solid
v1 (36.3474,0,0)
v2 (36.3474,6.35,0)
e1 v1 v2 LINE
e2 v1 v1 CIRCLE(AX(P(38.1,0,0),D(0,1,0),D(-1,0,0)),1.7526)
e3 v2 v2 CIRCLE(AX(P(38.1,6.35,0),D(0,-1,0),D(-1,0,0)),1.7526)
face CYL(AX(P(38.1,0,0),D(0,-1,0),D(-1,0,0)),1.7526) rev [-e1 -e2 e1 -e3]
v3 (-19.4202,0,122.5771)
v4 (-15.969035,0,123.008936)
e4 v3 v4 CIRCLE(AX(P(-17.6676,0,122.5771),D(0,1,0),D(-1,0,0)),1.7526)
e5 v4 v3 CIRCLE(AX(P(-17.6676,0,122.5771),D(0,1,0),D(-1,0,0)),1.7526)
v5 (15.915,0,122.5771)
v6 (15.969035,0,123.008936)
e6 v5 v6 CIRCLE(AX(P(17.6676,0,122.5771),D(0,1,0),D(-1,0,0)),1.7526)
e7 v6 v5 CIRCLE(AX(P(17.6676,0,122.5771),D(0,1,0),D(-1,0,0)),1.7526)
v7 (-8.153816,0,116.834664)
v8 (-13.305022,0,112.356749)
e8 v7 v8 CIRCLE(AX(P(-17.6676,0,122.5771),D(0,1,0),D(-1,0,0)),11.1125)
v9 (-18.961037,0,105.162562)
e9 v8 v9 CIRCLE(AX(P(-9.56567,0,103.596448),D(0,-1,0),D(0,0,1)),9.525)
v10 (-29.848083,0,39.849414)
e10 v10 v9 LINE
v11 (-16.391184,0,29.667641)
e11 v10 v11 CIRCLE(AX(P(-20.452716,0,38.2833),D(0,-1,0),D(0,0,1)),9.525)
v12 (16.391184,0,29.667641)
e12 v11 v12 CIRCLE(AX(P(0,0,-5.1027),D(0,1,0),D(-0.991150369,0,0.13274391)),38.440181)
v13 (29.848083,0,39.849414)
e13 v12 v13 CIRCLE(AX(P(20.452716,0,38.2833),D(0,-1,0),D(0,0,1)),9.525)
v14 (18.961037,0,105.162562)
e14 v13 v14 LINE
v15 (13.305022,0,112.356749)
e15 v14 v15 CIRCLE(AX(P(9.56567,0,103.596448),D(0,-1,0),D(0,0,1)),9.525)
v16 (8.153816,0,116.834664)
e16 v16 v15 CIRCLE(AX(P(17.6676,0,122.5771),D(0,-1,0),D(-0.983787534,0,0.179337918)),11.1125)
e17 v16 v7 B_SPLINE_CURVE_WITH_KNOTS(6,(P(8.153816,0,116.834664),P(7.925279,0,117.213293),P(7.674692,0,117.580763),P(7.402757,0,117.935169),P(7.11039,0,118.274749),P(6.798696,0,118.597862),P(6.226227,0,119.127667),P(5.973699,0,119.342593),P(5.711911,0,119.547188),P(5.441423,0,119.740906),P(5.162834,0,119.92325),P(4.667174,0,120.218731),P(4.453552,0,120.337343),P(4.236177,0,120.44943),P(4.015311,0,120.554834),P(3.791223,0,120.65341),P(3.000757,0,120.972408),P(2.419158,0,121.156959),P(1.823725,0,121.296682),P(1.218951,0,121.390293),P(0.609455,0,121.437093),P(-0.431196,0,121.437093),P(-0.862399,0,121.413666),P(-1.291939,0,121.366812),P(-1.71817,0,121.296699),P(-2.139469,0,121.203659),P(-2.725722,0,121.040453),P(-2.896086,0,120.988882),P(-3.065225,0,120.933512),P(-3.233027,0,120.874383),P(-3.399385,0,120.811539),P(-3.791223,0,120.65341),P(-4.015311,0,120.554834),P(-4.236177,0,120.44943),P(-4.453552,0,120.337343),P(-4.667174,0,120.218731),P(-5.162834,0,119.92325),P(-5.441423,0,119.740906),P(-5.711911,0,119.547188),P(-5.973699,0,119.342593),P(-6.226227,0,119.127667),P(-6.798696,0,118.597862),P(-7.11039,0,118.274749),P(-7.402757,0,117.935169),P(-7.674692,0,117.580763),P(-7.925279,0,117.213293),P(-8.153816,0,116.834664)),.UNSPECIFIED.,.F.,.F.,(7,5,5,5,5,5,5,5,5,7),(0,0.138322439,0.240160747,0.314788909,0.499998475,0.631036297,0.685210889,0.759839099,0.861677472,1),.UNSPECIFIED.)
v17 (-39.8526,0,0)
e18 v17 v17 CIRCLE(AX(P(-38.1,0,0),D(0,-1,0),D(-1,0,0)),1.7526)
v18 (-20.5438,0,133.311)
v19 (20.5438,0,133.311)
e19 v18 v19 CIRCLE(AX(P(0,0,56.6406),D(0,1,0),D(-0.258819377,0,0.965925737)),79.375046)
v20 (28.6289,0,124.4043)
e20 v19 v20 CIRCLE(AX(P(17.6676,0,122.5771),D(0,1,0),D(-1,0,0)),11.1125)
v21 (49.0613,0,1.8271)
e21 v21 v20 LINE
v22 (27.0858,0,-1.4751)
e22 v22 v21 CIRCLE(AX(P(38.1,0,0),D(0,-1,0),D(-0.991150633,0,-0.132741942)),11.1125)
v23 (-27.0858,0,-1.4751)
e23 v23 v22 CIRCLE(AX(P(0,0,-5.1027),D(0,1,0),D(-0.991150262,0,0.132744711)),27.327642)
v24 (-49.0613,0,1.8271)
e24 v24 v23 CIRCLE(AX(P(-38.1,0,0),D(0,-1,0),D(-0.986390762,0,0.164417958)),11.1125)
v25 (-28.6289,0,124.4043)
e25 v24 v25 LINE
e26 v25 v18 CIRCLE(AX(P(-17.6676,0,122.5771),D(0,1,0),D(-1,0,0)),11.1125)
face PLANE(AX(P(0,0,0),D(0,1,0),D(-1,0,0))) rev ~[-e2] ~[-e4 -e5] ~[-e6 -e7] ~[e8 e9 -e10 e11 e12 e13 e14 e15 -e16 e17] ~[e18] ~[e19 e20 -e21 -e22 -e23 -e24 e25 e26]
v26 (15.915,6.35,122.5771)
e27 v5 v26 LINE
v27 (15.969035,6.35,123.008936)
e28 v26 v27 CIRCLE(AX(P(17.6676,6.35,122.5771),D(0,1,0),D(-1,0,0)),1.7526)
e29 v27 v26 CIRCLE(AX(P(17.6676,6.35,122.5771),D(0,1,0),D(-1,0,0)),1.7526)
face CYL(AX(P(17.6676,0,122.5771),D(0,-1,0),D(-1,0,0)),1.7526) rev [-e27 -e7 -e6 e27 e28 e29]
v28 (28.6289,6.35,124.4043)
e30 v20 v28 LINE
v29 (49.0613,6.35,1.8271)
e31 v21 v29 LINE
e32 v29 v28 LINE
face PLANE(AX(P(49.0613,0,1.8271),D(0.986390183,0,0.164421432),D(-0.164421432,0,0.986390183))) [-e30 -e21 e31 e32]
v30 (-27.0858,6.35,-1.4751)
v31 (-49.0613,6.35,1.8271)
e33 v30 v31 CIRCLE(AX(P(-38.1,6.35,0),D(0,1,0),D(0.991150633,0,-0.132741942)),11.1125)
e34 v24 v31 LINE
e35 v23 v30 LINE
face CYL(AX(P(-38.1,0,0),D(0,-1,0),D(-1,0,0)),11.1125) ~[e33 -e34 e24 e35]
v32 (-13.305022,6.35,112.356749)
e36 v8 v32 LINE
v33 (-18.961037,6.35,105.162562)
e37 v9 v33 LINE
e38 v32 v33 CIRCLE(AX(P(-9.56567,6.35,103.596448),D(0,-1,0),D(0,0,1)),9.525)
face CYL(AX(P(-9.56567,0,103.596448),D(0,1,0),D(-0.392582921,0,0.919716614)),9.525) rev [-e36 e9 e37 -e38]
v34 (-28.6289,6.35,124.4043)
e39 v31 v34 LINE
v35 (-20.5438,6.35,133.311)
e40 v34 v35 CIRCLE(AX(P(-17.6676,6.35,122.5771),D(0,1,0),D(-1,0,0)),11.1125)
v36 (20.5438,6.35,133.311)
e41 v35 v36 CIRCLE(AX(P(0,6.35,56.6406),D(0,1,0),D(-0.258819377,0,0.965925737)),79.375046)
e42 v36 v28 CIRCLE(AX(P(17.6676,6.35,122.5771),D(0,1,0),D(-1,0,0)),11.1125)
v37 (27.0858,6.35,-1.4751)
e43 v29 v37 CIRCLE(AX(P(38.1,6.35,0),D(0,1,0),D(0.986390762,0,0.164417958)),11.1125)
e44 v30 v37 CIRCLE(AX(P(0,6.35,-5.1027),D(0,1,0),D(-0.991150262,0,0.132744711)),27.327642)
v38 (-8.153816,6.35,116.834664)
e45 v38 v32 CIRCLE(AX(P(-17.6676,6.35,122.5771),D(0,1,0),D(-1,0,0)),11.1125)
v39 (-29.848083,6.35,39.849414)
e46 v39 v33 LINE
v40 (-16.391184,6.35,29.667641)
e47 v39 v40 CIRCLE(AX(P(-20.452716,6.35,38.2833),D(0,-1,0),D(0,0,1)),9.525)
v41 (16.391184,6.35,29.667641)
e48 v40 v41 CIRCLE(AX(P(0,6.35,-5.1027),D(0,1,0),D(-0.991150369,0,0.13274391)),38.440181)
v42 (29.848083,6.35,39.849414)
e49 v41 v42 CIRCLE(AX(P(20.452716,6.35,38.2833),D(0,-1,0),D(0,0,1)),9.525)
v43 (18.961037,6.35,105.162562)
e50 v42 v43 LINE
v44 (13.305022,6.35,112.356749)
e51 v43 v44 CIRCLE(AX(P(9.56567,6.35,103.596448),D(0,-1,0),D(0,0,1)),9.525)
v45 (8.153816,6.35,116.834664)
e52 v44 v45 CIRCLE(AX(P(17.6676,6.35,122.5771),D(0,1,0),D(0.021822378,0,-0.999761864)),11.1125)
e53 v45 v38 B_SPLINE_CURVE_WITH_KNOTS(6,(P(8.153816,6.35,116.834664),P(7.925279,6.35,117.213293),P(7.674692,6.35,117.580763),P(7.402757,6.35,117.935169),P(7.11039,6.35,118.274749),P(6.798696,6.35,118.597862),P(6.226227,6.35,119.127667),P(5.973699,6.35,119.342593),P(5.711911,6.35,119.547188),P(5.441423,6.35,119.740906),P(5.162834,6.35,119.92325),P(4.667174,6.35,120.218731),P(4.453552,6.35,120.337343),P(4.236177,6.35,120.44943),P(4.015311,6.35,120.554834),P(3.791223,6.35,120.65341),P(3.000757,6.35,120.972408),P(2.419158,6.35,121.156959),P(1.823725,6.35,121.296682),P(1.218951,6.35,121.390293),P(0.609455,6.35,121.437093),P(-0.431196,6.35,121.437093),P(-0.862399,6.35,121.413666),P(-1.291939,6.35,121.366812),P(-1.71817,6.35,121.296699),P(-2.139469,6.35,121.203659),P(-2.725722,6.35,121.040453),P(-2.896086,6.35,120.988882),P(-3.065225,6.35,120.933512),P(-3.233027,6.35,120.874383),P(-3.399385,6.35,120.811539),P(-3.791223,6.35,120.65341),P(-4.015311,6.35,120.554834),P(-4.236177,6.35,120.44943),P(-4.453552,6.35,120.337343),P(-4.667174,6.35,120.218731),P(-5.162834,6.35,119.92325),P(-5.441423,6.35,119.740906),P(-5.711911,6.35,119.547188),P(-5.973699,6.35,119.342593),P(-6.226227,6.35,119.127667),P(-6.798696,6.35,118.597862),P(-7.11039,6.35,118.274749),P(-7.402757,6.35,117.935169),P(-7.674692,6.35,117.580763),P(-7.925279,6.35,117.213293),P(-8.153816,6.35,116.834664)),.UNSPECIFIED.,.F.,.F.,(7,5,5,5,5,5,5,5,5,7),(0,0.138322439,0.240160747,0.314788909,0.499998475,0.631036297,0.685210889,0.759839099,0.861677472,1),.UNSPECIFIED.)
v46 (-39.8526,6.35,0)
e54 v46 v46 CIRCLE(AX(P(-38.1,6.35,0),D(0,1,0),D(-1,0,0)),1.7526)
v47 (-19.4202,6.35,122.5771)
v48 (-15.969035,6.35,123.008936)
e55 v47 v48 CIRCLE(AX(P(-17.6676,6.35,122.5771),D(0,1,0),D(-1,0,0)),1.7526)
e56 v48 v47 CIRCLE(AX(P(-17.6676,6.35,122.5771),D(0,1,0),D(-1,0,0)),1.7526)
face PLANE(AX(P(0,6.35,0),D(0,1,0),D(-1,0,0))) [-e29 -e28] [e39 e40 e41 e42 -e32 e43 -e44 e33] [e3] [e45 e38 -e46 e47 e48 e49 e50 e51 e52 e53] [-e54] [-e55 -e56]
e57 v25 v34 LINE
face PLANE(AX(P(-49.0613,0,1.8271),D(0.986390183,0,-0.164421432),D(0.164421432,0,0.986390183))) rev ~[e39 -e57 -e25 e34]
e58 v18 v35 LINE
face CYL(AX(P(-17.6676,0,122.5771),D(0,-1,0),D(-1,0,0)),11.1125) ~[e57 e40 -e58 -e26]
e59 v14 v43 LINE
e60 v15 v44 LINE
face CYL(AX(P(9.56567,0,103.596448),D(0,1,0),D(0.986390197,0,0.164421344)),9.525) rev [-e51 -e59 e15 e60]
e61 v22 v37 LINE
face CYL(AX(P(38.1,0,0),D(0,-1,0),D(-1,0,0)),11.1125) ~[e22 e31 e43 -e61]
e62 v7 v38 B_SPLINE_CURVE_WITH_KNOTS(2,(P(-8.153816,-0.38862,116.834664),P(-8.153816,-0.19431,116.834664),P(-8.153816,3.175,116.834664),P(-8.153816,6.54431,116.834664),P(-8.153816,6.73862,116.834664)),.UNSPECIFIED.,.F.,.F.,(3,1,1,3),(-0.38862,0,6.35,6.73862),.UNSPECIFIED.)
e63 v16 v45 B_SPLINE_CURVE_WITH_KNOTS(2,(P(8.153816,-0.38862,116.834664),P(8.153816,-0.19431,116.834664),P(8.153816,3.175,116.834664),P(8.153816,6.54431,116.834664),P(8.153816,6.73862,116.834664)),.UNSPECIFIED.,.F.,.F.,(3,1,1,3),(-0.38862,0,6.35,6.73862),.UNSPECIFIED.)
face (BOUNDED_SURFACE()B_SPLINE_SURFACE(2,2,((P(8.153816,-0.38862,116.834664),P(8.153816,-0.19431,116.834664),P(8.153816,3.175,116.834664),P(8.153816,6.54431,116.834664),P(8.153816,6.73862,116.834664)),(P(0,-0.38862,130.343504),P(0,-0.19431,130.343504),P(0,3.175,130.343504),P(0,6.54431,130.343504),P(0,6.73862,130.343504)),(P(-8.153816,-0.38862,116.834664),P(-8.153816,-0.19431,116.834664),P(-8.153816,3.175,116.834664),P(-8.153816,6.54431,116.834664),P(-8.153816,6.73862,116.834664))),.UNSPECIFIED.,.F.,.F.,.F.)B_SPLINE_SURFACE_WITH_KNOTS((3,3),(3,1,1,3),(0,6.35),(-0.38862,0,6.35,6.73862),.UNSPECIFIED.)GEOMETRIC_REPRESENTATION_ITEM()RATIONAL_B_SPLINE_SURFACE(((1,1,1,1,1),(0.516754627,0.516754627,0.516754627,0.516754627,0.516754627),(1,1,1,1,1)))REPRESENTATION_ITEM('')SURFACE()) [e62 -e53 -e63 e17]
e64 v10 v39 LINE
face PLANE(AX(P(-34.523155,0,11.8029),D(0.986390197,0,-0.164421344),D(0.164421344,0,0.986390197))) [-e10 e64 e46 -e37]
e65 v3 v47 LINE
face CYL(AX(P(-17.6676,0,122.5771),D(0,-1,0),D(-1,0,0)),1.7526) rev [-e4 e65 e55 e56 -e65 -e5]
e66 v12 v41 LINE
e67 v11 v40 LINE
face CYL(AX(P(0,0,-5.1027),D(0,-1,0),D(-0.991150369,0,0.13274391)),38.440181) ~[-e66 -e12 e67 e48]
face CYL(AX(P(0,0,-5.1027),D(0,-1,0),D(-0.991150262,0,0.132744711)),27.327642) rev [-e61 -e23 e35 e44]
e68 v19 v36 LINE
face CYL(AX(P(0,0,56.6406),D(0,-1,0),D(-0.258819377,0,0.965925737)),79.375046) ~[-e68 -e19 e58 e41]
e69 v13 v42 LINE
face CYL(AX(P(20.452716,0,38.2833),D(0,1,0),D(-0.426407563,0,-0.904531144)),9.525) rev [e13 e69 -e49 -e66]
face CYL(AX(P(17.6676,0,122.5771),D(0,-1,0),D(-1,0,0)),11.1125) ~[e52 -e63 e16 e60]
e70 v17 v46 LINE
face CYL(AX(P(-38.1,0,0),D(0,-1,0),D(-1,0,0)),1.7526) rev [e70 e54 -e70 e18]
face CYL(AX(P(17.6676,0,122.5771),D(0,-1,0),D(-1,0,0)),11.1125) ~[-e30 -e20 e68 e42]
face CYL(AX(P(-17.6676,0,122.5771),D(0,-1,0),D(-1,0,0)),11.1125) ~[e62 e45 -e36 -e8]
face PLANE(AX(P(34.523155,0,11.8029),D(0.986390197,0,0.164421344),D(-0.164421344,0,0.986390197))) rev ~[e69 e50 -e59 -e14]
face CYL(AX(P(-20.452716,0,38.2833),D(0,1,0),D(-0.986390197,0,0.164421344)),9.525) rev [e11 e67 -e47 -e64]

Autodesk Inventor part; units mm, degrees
ref_plane "YZ Plane" through (0, 0, 0) normal (1, 0, 0) x (0, 1, 0)
ref_plane "XZ Plane" through (0, 0, 0) normal (0, 1, 0) x (-1, 0, 0)
ref_plane "XY Plane" through (0, 0, 0) normal (0, 0, 1) x (1, 0, 0)
sketch "Sketch1" plane through (0, 0, 0) normal (0, 1, 0) x (-1, 0, 0)
  circle A0 centre (0, 0) radius 38.1 construction
  line L0 (38.1, 0) -> (-38.1, 0) construction
  circle A1 centre (38.1, 0) radius 1.7526
  circle A2 centre (-38.1, 0) radius 1.7526
  circle A3 centre (38.1, 0) radius 7.9375 construction
  circle A4 centre (-38.1, 0) radius 7.9375 construction
  line L1 (0, 0) -> (0, -38.1) construction
  circle A5 centre (0, 56.6406) radius 76.2 construction
  circle A6 centre (-17.6676, 122.5771) radius 7.9375 construction
  circle A7 centre (-17.6676, 122.5771) radius 1.7526
  circle A8 centre (-38.1, 0) radius 11.1125
  circle A9 centre (38.1, 0) radius 11.1125
  circle A10 centre (-17.6676, 122.5771) radius 11.1125
  line L2 (0, 56.6406) -> (0, 132.8406) construction
  line L3 (0, 56.6406) -> (-17.6676, 122.5771) construction
  line L4 (-49.0613, 1.8271) -> (-28.6289, 124.4043)
  line L5 (-38.1, 0) -> (-17.6676, 122.5771) construction
  circle A11 centre (17.6676, 122.5771) radius 7.9375 construction
  circle A12 centre (17.6676, 122.5771) radius 1.7526
  circle A13 centre (17.6676, 122.5771) radius 11.1125
  line L6 (49.0613, 1.8271) -> (28.6289, 124.4043)
  line L7 (38.1, 0) -> (17.6676, 122.5771) construction
  arc A14 (20.5438, 133.311) -> (-20.5438, 133.311) centre (0, 56.6406) ccw
  arc A15 (-44.3023, -9.2206) -> (44.3023, -9.2206) centre (0, 56.6406) ccw
  arc A16 (17.6676, 122.5771) -> (-17.6676, 122.5771) centre (0, 56.6406) ccw
  arc A17 (-38.1, 0) -> (38.1, 0) centre (0, 56.6406) ccw
  line L8 (-34.7257, 10.5878) -> (-17.9101, 111.4673)
  line L9 (34.7257, 10.5878) -> (17.9101, 111.4673)
  circle A18 centre (0, 0) radius 19.5594
  arc A19 (27.0858, -1.4751) -> (-27.0858, -1.4751) centre (0, -5.1027) ccw
  circle A20 centre (0, 0) radius 22.225 construction
  arc A21 (38.1, 0) -> (-38.1, 0) centre (0, -5.1027) ccw
  point P0 (49.0613, 1.8271)
  point P1 (6.7353, 124.57)
  point P2 (17.9101, 111.4673)
  point P3 (28.4052, -5.4312)
  point P4 (-28.4052, -5.4312)
  point P5 (-6.7353, 124.57)
  point P6 (17.1322, -9.437)
  point P7 (-17.1322, -9.437)
  point P8 (34.5232, 11.8029)
  point P9 (-34.5232, 11.8029)
  dimension "d5" = 152.4
  dimension "d0" = 76.2
  dimension "d1" = 3.5052
  dimension "d2" = 3.5052
  dimension "d3" = 15.875
  dimension "d4" = 15.875
  dimension "d8" = 15.875
  dimension "d9" = 3.5052
  dimension "d11" = 15
  dimension "d12" = 79.375
  dimension "d13" = 79.375
  dimension "d17" = 11.1125
  dimension "d18" = 11.1125
  dimension "d20" = 12.7
  dimension "d21" = 44.45
  dimension "d22" = 11.1125
extrude "Extrusion1" add sketch "Sketch1" along normal blind 6.35 contours A1 A21 A9 A17 | A1 A17 A9 A21 | A21 L9 A13 L6 A9 | A9 L9 A21 | A9 A19 A8 L8 A21 L9 | A13 | A21 A8 L4 A10 L8 | L8 A8 A21 | A8 A17 A2 A21 | A8 A21 A2 A17 | A13 A16 A10 A14 | A10
fillet "Fillet1" radius 9.525 6 edges at (17.9101, 3.175, 111.4673) (6.7353, 3.175, 124.57) (-6.7353, 3.175, 124.57) (-17.9101, 3.175, 111.4673) (-34.5232, 3.175, 11.8029) (34.5232, 3.175, 11.8029)
equation "\"d1\" = d2"
equation "\"d9\" = d2"
equation "\"d13\" = d12"
properties part number "Upright - Lower" material "Aluminum 6061"
